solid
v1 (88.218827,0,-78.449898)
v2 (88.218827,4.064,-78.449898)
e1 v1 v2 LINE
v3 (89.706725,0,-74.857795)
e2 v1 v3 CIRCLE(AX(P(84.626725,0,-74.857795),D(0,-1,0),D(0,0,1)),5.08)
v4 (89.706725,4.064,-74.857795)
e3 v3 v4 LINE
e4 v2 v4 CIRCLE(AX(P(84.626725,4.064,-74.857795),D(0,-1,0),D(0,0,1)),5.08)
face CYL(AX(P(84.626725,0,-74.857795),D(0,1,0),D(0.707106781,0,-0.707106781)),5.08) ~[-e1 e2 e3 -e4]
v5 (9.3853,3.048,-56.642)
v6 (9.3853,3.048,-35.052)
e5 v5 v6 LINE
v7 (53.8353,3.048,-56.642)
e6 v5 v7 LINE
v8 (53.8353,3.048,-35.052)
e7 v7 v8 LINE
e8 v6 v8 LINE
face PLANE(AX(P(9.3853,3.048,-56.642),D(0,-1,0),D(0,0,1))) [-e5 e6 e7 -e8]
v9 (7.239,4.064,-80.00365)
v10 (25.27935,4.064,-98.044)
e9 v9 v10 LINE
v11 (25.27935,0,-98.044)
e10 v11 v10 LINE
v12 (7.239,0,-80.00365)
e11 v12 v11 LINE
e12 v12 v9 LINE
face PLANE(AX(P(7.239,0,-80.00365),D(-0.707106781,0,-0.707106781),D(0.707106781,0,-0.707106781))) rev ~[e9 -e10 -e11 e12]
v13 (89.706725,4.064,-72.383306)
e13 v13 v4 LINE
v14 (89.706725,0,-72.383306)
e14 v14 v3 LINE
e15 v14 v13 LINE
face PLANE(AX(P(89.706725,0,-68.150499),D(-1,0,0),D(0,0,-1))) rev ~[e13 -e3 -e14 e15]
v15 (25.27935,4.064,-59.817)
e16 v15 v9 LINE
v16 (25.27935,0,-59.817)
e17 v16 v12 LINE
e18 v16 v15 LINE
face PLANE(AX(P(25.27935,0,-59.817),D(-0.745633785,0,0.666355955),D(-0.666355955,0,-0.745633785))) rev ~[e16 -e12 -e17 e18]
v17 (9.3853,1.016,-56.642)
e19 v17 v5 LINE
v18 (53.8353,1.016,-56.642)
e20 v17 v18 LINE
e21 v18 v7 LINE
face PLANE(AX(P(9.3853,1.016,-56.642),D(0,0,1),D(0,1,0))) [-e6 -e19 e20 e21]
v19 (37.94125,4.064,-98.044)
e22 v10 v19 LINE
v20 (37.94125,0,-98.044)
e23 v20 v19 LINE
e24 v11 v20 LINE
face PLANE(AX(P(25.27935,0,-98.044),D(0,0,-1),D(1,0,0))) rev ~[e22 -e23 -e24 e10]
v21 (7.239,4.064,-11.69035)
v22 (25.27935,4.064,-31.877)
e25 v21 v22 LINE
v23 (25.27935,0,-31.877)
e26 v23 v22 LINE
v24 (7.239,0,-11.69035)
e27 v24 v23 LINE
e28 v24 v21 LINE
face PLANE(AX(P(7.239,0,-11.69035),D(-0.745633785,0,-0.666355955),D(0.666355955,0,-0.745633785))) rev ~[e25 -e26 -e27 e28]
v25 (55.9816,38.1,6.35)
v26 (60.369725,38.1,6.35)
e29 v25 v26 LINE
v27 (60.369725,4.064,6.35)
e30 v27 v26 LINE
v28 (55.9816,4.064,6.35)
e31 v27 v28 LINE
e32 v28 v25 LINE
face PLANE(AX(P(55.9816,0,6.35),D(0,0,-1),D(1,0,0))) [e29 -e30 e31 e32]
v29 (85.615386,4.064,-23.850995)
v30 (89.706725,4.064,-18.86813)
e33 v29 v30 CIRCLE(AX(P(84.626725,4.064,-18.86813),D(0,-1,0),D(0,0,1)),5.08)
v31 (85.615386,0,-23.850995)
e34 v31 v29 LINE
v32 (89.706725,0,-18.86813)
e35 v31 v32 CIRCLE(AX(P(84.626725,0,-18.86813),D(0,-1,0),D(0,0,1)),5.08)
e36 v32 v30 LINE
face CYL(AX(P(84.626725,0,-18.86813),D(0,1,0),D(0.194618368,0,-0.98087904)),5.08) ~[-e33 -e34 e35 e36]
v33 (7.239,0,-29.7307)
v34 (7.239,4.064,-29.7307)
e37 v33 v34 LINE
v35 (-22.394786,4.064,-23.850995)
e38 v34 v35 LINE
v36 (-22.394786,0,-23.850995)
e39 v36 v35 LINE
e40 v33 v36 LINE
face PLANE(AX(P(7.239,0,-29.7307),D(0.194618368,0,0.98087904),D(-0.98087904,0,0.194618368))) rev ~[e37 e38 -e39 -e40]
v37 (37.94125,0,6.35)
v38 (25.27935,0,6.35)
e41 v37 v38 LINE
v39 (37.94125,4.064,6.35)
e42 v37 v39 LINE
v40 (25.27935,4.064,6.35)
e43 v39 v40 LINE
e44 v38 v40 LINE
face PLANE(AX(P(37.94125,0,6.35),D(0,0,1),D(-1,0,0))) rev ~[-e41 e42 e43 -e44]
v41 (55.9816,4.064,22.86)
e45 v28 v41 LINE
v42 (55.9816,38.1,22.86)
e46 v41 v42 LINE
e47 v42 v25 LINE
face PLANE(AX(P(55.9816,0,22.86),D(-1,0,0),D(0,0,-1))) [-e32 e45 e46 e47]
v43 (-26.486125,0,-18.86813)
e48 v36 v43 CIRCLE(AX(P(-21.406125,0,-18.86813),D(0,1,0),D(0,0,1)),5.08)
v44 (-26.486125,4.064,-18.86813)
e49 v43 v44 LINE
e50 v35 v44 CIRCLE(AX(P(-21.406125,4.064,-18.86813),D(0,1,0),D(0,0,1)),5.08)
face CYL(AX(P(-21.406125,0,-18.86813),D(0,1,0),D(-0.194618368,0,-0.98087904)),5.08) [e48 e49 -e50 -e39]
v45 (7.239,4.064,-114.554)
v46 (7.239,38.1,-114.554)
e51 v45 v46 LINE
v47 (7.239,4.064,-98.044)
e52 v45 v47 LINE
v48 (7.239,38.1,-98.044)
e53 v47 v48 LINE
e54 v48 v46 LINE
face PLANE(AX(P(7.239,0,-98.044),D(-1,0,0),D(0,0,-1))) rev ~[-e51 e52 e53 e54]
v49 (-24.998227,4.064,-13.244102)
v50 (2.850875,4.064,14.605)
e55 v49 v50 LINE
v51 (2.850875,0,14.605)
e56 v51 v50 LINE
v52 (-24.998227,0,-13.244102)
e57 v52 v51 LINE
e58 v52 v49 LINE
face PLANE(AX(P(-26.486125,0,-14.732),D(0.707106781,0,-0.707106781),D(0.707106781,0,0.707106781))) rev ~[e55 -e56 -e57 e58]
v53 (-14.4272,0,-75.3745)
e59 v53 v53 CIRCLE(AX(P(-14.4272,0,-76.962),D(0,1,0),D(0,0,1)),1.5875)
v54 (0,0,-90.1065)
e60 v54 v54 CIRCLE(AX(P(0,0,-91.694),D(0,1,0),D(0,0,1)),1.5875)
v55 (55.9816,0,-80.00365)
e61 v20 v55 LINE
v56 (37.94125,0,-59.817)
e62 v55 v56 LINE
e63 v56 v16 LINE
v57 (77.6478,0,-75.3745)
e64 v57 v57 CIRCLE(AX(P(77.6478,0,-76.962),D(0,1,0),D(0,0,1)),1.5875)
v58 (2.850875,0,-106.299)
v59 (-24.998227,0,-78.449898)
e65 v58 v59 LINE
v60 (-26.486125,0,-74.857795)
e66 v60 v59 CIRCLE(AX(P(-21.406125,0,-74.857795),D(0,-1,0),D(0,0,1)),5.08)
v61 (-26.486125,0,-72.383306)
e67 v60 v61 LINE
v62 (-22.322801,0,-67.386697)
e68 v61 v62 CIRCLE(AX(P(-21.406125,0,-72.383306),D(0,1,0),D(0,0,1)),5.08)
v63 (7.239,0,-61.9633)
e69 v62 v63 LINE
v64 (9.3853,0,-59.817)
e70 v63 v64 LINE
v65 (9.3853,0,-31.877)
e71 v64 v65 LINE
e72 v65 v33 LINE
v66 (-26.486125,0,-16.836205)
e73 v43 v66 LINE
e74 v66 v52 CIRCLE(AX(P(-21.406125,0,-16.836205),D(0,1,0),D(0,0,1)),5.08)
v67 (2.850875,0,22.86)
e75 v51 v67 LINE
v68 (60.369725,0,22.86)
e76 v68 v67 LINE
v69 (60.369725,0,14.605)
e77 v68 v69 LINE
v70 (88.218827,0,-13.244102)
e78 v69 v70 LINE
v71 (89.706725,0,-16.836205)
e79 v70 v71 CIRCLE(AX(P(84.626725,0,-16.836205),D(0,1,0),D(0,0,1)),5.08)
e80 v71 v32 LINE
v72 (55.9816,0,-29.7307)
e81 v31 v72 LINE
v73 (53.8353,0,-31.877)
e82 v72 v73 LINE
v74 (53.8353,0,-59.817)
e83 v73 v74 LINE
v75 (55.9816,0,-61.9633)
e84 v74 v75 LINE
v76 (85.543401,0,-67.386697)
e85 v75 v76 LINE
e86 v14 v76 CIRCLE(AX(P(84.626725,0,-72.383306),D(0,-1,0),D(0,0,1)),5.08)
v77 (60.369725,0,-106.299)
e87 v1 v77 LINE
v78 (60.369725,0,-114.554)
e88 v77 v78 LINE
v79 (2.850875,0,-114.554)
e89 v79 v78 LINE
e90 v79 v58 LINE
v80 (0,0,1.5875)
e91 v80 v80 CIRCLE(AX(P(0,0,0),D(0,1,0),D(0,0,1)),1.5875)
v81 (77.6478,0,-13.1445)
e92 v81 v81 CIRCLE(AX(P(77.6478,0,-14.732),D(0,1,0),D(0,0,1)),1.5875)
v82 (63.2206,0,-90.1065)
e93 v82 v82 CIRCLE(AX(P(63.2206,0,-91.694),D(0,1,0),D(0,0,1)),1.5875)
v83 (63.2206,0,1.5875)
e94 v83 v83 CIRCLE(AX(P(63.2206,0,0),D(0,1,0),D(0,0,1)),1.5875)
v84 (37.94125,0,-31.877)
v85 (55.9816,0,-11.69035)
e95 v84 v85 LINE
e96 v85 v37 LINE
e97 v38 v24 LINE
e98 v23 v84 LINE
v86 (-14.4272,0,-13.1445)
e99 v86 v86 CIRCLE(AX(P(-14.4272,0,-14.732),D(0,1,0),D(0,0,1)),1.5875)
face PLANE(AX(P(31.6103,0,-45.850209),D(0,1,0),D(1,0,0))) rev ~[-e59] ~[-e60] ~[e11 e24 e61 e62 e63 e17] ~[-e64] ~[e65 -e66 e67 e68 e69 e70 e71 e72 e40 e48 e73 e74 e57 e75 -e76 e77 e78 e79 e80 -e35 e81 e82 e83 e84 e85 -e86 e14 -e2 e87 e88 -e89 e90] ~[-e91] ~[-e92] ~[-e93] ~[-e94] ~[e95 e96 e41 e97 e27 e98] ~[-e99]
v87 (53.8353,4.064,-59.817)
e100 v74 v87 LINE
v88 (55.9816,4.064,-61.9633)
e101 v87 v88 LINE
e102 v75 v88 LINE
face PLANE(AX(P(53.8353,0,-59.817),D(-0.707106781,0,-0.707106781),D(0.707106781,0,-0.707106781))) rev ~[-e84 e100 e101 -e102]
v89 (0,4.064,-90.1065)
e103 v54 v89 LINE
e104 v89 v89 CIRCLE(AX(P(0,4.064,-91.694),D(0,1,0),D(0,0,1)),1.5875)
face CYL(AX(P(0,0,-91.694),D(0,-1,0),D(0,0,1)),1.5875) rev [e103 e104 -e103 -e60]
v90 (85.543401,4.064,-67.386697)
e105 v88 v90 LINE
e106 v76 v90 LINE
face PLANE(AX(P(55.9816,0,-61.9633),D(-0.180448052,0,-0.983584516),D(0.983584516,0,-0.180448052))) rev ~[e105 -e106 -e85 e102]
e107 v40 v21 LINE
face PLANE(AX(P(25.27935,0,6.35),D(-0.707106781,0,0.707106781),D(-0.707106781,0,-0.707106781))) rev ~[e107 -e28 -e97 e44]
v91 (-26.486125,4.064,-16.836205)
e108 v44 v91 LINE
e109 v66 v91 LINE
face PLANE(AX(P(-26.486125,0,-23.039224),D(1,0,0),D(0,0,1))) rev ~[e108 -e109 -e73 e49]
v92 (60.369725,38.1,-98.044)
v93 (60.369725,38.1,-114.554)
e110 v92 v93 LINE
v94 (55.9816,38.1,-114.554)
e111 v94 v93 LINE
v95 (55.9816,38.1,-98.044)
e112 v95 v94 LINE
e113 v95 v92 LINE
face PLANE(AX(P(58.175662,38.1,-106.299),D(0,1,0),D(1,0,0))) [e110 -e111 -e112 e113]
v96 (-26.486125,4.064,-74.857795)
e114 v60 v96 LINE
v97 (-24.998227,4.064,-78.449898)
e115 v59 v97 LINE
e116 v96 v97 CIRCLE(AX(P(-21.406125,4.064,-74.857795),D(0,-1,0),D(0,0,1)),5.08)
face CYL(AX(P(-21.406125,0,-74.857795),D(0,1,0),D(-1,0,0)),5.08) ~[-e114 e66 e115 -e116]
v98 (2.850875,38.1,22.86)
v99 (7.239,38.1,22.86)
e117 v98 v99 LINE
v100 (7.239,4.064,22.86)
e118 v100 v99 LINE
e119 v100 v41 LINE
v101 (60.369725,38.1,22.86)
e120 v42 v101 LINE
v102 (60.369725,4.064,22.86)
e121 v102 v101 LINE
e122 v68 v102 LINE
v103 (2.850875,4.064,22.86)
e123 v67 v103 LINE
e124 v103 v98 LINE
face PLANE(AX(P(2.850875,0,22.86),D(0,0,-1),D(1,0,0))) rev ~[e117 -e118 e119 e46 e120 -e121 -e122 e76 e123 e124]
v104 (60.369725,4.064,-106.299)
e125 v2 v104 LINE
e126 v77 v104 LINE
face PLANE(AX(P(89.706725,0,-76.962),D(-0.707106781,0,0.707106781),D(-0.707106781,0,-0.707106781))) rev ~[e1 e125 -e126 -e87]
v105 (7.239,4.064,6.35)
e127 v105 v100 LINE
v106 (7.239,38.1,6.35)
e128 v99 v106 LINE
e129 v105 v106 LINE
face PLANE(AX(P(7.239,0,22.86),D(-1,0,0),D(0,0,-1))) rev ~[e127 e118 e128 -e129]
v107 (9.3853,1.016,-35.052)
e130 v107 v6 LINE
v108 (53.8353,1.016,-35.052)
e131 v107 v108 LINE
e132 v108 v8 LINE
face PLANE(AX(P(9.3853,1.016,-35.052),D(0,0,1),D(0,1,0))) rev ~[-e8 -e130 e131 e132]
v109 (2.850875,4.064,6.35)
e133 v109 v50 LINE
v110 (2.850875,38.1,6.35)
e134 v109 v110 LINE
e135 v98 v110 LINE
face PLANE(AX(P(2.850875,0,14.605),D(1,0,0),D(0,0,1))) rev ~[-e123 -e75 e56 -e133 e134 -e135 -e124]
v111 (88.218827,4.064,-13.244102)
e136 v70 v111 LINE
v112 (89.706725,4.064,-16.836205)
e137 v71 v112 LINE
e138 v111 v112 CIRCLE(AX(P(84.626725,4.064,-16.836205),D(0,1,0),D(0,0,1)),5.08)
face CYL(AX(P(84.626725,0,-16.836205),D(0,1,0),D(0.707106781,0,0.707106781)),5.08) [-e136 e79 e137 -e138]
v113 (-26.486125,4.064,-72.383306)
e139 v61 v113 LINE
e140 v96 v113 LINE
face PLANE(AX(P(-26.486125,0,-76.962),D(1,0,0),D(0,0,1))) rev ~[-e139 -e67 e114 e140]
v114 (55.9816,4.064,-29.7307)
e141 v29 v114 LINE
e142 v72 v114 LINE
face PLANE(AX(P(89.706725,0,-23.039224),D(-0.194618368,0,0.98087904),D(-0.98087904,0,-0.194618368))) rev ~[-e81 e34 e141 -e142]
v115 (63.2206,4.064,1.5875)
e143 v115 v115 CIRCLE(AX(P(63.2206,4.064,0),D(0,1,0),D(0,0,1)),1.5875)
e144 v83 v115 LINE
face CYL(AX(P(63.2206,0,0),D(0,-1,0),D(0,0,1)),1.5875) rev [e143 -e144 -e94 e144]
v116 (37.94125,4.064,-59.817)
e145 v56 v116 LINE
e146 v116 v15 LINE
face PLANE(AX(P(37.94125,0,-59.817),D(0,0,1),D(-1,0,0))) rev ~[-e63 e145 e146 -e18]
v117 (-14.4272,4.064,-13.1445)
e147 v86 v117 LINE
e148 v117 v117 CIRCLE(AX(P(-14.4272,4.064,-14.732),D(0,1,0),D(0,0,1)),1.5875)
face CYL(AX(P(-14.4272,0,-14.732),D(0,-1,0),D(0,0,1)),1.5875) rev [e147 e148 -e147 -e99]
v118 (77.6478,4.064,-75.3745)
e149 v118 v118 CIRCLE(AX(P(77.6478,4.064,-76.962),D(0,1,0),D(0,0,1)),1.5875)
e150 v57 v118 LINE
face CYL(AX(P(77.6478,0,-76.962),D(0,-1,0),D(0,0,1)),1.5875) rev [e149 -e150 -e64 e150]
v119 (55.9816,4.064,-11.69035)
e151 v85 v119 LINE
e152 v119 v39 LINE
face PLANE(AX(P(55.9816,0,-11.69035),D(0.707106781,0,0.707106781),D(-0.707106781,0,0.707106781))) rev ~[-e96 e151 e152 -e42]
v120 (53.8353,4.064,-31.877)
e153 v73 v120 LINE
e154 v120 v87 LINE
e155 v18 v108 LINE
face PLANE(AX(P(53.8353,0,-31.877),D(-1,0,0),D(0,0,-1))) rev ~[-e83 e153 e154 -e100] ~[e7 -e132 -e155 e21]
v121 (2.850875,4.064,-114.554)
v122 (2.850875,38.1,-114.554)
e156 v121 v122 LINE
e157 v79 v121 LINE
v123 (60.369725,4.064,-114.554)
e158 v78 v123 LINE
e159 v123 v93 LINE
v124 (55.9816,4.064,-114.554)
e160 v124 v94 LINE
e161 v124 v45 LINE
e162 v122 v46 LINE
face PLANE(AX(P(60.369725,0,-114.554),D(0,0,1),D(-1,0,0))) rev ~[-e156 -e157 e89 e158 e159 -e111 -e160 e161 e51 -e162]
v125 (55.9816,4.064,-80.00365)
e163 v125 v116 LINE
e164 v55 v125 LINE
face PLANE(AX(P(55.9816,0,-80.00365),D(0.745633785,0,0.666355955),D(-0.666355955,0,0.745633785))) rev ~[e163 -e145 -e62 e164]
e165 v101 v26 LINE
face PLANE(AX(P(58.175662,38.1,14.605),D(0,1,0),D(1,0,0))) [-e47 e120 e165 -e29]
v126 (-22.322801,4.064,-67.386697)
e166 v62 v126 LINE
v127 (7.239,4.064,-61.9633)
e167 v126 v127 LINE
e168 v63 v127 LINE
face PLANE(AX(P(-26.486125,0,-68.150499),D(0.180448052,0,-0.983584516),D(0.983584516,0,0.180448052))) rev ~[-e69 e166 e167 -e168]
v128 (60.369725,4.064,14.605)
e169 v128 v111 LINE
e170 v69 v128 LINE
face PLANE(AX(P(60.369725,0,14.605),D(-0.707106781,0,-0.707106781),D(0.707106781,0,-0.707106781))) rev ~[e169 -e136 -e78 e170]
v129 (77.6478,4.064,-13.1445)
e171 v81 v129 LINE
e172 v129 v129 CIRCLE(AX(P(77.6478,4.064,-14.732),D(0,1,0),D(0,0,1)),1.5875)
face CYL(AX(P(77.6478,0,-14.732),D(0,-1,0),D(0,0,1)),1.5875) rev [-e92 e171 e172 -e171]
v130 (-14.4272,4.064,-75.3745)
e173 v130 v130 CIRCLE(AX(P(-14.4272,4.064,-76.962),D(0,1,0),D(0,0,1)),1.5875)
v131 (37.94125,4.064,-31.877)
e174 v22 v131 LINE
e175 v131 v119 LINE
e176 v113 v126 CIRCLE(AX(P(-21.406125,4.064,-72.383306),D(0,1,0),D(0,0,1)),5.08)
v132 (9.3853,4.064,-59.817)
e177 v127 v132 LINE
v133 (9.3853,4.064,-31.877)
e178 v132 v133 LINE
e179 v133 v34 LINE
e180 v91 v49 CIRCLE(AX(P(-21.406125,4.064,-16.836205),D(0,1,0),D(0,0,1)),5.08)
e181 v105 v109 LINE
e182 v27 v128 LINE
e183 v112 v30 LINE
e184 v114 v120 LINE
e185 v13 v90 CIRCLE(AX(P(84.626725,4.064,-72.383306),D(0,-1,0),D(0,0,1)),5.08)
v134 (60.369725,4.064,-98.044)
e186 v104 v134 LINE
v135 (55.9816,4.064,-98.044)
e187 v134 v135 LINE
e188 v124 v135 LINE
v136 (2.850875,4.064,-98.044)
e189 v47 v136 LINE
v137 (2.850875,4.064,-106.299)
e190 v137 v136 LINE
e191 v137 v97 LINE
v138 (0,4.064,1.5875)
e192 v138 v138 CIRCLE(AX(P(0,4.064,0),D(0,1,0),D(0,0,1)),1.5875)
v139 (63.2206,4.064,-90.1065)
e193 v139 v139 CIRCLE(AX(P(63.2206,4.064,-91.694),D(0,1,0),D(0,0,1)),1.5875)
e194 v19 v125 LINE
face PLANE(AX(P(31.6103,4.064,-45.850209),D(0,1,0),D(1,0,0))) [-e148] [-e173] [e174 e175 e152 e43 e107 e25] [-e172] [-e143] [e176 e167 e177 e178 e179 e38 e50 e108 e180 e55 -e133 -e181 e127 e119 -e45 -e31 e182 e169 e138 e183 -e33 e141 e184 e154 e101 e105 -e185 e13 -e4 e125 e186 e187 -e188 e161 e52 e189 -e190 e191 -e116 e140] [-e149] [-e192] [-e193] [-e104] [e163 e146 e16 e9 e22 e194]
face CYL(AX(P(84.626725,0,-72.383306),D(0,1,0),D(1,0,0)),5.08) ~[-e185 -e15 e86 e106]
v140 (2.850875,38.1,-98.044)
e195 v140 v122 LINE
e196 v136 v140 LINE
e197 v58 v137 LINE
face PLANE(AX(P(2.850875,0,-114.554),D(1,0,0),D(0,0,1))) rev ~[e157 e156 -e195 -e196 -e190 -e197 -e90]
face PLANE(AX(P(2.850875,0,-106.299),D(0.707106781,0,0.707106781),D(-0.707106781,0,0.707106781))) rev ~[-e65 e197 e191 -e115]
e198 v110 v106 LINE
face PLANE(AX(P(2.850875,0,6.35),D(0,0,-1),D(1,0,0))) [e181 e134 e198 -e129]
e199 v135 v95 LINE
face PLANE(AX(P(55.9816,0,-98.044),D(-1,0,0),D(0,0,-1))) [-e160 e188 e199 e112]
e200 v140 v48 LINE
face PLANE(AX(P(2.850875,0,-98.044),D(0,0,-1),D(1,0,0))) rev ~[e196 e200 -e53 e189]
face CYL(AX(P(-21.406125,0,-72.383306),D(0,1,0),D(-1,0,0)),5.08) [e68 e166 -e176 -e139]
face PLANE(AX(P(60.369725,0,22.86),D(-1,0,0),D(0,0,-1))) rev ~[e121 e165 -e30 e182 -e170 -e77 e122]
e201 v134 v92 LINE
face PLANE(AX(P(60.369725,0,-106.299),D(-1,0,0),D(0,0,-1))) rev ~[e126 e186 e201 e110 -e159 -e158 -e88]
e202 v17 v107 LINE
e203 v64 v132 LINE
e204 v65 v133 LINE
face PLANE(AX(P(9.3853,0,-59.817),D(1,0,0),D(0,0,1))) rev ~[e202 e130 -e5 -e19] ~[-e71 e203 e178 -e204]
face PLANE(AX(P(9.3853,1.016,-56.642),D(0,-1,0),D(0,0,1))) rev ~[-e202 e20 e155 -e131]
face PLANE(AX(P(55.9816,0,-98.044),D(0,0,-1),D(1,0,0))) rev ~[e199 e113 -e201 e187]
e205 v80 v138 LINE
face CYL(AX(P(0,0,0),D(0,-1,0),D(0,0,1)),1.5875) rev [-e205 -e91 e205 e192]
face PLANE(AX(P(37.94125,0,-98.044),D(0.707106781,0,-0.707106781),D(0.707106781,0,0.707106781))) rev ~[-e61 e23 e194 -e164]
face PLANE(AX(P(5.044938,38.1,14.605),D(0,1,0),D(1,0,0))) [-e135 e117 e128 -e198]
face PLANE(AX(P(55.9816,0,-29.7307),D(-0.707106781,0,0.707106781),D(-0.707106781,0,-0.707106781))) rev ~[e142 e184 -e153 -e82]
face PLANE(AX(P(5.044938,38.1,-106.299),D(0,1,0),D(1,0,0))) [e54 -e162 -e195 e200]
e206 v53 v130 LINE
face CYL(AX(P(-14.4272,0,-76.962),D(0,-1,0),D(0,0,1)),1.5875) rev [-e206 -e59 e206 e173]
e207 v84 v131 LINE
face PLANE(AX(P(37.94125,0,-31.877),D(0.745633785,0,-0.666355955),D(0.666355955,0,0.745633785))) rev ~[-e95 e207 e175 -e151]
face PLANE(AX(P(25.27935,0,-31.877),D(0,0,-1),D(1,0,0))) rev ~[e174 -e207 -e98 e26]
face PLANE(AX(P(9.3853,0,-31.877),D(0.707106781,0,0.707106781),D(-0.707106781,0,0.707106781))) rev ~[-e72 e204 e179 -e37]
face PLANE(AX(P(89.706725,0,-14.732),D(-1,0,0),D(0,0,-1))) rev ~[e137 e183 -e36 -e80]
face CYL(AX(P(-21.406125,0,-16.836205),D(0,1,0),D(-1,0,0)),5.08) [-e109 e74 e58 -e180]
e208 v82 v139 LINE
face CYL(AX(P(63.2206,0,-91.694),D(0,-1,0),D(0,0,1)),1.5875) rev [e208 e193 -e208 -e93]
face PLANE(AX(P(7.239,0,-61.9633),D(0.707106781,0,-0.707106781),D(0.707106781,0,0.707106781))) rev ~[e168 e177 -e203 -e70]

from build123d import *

# Parameters (mm, degrees)
SKETCH1_R           = 1.5875
BOSS_EXTRUDE2_DEPTH = 4.064
SKETCH3_W           = 21.59
SKETCH3_H           = 2.032
CUT_EXTRUDE1_DEPTH  = 140.966661307
SKETCH1_7_W         = 4.388124697
SKETCH1_7_H         = 16.51
BOSS_EXTRUDE3_DEPTH = 38.1
FILLET1_R           = 5.08
FILLET2_R           = 5.08
FILLET3_R           = 5.08


with BuildPart() as part:
    # Sketch1 → Boss-Extrude2 (new body)
    with BuildSketch(Plane(origin=(0, 0, 0), x_dir=(1, 0, 0), z_dir=(0, 1, 0))):
        Polygon((7.239, 61.9633), (9.3853, 59.817), (9.3853, 31.877), (7.239, 29.7307), (-26.486124697, 23.039223833), (-26.486124697, 14.732), (2.850875303, -14.605), (2.850875303, -22.86), (60.369724697, -22.86), (60.369724697, -14.605), (89.706724697, 14.732), (89.706724697, 23.039223833), (55.9816, 29.7307), (53.8353, 31.877), (53.8353, 59.817), (55.9816, 61.9633), (89.706724697, 68.150498918), (89.706724697, 76.962), (60.369724697, 106.299), (60.369724697, 114.554), (31.6103, 114.554), (2.850875303, 114.554), (2.850875303, 106.299), (-26.486124697, 76.962), (-26.486124697, 68.150498918), align=None)
        Polygon((25.27935, 59.817), (7.239, 80.00365), (25.27935, 98.044), (37.94125, 98.044), (55.9816, 80.00365), (37.94125, 59.817), align=None, mode=Mode.SUBTRACT)
        with Locations((0, 91.694)):
            Circle(SKETCH1_R, mode=Mode.SUBTRACT)
        with Locations((-14.4272, 76.962)):
            Circle(SKETCH1_R, mode=Mode.SUBTRACT)
        Polygon((25.27935, 31.877), (37.94125, 31.877), (55.9816, 11.69035), (37.94125, -6.35), (25.27935, -6.35), (7.239, 11.69035), align=None, mode=Mode.SUBTRACT)
        with Locations((63.2206, 91.694)):
            Circle(SKETCH1_R, mode=Mode.SUBTRACT)
        with Locations((77.6478, 76.962)):
            Circle(SKETCH1_R, mode=Mode.SUBTRACT)
        with Locations((77.6478, 14.732)):
            Circle(SKETCH1_R, mode=Mode.SUBTRACT)
        with Locations((63.2206, 0)):
            Circle(SKETCH1_R, mode=Mode.SUBTRACT)
        with Locations((-14.4272, 14.732)):
            Circle(SKETCH1_R, mode=Mode.SUBTRACT)
        Circle(SKETCH1_R, mode=Mode.SUBTRACT)
    extrude(amount=BOSS_EXTRUDE2_DEPTH)

    # Sketch3 → Cut-Extrude1 (cut, through all)
    with BuildSketch(Plane.ZY.offset(-9.3853)):
        with Locations((-45.847, 2.032)):
            Rectangle(SKETCH3_W, SKETCH3_H)
    extrude(amount=-CUT_EXTRUDE1_DEPTH, mode=Mode.SUBTRACT)

    # Sketch1<7> → Boss-Extrude3 (add)
    with BuildSketch(Plane(origin=(0, 0, 0), x_dir=(1, 0, 0), z_dir=(0, 1, 0))):
        with Locations((5.044937652, 106.299)):
            Rectangle(SKETCH1_7_W, SKETCH1_7_H)
        with Locations((58.175662348, 106.299)):
            Rectangle(SKETCH1_7_W, SKETCH1_7_H)
        with Locations((5.044937652, -14.605)):
            Rectangle(SKETCH1_7_W, SKETCH1_7_H)
        with Locations((58.175662348, -14.605)):
            Rectangle(SKETCH1_7_W, SKETCH1_7_H)
    extrude(amount=BOSS_EXTRUDE3_DEPTH)

    # Fillet1
    fillet1_edges = [part.edges().sort_by_distance(p)[0] for p in [
        (-26.486124697, 2.032, -76.962),
    ]]
    fillet(fillet1_edges, radius=FILLET1_R)

    # Fillet2
    fillet2_edges = [part.edges().sort_by_distance(p)[0] for p in [
        (-26.486124697, 2.032, -68.150498918),
    ]]
    fillet(fillet2_edges, radius=FILLET2_R)

    # Fillet3
    fillet3_edges = [part.edges().sort_by_distance(p)[0] for p in [
        (89.706724697, 2.032, -68.150498918),
        (89.706724697, 2.032, -76.962),
        (89.706724697, 2.032, -14.732),
        (89.706724697, 2.032, -23.039223833),
        (-26.486124697, 2.032, -14.732),
        (-26.486124697, 2.032, -23.039223833),
    ]]
    fillet(fillet3_edges, radius=FILLET3_R)


solid = part.part
